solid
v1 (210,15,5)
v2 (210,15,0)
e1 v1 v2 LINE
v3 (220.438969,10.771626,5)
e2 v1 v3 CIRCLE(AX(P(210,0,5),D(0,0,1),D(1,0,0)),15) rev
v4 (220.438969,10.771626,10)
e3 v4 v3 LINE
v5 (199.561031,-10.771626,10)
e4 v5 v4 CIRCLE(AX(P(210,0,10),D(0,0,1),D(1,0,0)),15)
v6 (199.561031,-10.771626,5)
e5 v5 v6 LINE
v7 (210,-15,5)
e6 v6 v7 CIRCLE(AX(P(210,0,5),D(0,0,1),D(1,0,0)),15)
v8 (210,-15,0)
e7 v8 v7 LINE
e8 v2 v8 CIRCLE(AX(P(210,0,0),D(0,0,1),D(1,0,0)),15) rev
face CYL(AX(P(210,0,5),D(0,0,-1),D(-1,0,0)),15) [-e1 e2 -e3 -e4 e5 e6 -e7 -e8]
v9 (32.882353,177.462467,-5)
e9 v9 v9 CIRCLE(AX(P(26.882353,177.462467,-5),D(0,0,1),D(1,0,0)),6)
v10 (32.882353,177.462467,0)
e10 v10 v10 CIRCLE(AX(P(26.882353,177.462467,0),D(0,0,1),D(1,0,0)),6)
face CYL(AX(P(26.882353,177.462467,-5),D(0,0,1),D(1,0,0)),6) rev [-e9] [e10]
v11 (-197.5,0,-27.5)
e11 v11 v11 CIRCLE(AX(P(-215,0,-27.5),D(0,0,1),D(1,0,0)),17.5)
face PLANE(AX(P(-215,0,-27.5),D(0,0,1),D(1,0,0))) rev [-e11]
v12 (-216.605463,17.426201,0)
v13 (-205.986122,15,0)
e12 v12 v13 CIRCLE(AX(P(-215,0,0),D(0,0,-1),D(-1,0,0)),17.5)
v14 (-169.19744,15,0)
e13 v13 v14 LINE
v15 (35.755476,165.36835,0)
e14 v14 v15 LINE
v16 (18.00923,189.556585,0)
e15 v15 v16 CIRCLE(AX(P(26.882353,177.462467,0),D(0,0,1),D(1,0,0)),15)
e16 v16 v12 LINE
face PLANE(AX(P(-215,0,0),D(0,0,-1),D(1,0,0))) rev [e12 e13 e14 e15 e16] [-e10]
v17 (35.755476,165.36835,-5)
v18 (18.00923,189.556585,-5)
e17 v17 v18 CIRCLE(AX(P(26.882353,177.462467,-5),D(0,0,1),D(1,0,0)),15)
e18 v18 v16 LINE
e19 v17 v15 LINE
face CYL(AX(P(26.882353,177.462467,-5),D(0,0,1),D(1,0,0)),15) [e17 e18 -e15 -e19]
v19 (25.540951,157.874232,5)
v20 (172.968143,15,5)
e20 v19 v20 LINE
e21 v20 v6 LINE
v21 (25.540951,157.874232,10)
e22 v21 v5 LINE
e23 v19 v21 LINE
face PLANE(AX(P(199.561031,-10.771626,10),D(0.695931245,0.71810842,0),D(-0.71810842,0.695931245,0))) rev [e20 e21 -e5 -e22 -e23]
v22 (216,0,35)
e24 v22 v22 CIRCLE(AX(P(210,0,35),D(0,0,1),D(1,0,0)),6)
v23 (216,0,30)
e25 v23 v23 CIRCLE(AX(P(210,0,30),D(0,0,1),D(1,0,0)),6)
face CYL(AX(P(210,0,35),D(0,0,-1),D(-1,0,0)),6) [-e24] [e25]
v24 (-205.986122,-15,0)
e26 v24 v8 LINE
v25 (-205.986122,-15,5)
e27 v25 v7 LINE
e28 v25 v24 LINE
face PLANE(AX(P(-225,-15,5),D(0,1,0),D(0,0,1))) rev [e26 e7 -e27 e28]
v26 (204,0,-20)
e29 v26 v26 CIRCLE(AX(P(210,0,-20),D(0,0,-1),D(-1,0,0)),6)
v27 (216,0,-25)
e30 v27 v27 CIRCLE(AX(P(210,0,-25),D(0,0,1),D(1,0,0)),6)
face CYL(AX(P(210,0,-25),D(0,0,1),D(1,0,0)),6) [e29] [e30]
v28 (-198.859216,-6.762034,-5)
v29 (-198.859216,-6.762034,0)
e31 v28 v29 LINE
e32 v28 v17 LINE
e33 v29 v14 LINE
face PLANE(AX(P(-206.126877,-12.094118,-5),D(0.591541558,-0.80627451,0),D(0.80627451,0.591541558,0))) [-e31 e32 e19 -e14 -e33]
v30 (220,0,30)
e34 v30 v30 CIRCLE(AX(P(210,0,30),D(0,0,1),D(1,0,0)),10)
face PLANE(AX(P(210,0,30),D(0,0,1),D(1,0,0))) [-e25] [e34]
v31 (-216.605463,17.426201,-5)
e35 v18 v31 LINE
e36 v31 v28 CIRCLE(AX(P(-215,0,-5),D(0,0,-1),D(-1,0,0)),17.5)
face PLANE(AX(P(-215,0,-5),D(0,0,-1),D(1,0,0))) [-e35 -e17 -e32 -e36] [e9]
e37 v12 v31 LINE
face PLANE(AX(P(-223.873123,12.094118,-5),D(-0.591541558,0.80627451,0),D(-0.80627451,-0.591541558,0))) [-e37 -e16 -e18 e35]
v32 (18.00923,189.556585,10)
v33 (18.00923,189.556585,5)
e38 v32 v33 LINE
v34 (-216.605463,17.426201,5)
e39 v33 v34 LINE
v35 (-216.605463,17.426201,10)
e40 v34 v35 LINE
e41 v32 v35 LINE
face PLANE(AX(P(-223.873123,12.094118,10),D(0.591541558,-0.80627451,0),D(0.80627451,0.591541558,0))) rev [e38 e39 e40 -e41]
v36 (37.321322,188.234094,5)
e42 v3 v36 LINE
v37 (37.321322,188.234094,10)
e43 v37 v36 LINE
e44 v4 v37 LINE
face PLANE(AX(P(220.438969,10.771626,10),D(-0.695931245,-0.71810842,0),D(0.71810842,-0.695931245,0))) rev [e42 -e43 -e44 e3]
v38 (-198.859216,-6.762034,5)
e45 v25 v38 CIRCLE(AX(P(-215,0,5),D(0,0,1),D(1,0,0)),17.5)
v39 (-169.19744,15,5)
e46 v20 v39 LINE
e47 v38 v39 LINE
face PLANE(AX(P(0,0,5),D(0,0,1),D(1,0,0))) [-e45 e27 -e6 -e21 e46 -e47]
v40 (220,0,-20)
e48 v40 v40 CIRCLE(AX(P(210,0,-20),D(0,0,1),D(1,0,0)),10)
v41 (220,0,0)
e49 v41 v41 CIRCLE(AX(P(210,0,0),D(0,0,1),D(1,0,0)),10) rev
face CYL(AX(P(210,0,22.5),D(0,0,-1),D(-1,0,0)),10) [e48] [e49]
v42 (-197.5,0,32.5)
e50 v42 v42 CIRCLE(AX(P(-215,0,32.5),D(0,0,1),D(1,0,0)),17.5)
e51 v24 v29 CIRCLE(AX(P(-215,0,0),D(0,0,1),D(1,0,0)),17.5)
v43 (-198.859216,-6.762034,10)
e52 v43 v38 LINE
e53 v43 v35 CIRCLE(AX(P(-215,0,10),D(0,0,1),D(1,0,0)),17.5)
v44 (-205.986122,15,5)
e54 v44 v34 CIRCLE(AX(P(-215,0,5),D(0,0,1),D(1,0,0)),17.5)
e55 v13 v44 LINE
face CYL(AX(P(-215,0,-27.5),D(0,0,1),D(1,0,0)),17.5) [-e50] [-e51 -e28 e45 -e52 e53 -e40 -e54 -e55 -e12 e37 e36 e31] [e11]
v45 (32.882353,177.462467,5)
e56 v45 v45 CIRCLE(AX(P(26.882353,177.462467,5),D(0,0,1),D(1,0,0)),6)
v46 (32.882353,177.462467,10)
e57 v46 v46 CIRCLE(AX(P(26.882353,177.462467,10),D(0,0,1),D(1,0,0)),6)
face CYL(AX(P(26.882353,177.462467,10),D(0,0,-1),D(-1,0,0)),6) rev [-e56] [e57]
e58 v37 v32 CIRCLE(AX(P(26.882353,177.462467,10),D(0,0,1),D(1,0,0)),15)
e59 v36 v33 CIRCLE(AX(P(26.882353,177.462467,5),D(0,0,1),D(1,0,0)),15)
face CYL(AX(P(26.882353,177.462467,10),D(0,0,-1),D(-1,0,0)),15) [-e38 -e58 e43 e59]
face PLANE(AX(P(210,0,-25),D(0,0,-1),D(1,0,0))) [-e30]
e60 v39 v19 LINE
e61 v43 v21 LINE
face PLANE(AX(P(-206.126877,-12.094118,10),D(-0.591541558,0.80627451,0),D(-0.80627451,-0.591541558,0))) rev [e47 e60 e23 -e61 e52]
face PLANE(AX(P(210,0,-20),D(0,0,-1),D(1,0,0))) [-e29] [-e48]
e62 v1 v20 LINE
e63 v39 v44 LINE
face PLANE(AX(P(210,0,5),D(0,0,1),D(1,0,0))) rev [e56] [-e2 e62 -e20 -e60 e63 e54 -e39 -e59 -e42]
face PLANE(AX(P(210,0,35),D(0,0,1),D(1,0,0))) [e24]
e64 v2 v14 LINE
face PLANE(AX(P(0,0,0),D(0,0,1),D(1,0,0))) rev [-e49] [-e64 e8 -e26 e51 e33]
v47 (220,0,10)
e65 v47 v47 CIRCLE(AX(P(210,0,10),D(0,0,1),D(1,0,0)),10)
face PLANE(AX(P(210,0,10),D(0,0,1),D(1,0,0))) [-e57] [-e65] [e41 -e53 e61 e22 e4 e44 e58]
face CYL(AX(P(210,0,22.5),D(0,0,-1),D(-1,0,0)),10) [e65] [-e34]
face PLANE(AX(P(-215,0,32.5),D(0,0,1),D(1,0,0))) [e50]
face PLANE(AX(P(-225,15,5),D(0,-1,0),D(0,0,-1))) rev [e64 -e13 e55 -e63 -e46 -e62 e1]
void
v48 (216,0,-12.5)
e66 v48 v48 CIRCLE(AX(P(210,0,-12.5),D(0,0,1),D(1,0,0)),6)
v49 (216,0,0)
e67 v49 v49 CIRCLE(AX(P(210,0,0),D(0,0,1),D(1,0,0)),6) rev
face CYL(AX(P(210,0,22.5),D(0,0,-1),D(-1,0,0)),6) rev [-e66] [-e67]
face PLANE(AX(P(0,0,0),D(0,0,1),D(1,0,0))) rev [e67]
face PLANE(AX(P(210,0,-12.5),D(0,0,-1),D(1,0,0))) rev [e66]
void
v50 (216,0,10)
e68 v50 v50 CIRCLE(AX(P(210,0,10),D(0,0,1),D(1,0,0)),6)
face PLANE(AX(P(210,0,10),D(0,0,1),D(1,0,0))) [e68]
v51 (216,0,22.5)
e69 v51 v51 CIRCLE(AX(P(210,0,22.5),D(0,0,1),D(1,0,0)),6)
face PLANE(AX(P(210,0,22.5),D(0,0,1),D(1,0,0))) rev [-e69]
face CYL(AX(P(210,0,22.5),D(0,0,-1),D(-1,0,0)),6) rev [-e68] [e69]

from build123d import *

# Parameters (mm, degrees)
SKETCH_1_W      = 450
SKETCH_1_H      = 30
EXTRUDE_1_DEPTH = 5
FILLET_1_RADIUS = 15
FILLET_1_LENGTH = 5
FILLET_2_RADIUS = 15
FILLET_2_LENGTH = 5
SKETCH_2_R      = 10
SKETCH_2_R_2    = 6
EXTRUDE_2_DEPTH = 17.5
SKETCH_4_R      = 6
EXTRUDE_3_DEPTH = 5
SKETCH_5_R      = 6
EXTRUDE_4_DEPTH = 5
EXTRUDE_START   = 7.5
SKETCH_6_R      = 10
EXTRUDE_5_DEPTH = 7.5
SKETCH_7_R      = 6
EXTRUDE_6_DEPTH = 5
SKETCH_8_R      = 17.5
EXTRUDE_7_DEPTH = 30


with BuildPart() as part:
    # 草图1 → 凸台-拉伸1 (new body)
    with BuildSketch(Plane.XY):
        Rectangle(SKETCH_1_W, SKETCH_1_H)
    extrude(amount=EXTRUDE_1_DEPTH)

    # 圆角1: full round fillet: the end face becomes a half cylinder, R = half its width
    fillet_1_face = Plane((-225, 0, 2.5), x_dir=(0, 0, 1), z_dir=(-1, 0, 0))  # on the end face: x along it, z out of the body
    fillet_1_slab = fillet_1_face.offset(-FILLET_1_RADIUS / 2) * Box(FILLET_1_LENGTH, 2 * FILLET_1_RADIUS, FILLET_1_RADIUS, mode=Mode.PRIVATE)  # the body's end, R deep
    fillet_1_round = Plane((-210, 0, 2.5), x_dir=(-1, 0, 0), z_dir=(0, 0, 1)) * Cylinder(FILLET_1_RADIUS, FILLET_1_LENGTH, mode=Mode.PRIVATE)  # its axis R under the face
    add(fillet_1_slab - fillet_1_round, mode=Mode.SUBTRACT)

    # 圆角2: full round fillet: the end face becomes a half cylinder, R = half its width
    fillet_2_face = Plane((225, 0, 2.5), x_dir=(0, 0, -1), z_dir=(1, 0, 0))  # on the end face: x along it, z out of the body
    fillet_2_slab = fillet_2_face.offset(-FILLET_2_RADIUS / 2) * Box(FILLET_2_LENGTH, 2 * FILLET_2_RADIUS, FILLET_2_RADIUS, mode=Mode.PRIVATE)  # the body's end, R deep
    fillet_2_round = Plane((210, 0, 2.5), x_dir=(1, 0, 0), z_dir=(0, 0, -1)) * Cylinder(FILLET_2_RADIUS, FILLET_2_LENGTH, mode=Mode.PRIVATE)  # its axis R under the face
    add(fillet_2_slab - fillet_2_round, mode=Mode.SUBTRACT)

    # 草图2 → 凸台-拉伸2 (add, symmetric)
    # profile 1 of 2: a face of its own
    with BuildSketch(Plane.XY.offset(5)):
        with Locations(Location((-215, 0, 0), (0, 0, 180.000443811))):
            Circle(SKETCH_2_R)
        with Locations((-215, 0)):
            Circle(SKETCH_2_R_2, mode=Mode.SUBTRACT)
    # profile 2 of 2: a face of its own
    with BuildSketch(Plane.XY.offset(5)):
        with Locations((210, 0)):
            Circle(SKETCH_2_R)
        with Locations((210, 0)):
            Circle(SKETCH_2_R_2, mode=Mode.SUBTRACT)
    extrude(amount=EXTRUDE_2_DEPTH, both=True)

    # 草图4 → 凸台-拉伸3 (add)
    with BuildSketch(Plane.XY.offset(5)):
        with BuildLine():
            Line((199.561031329, -10.771626298), (16.443384271, 166.690841102))
            ThreePointArc((16.443384271, 166.690841102), (16.110726644, 187.90143607), (37.321321612, 188.234093697))
            Line((37.321321612, 188.234093697), (220.438968671, 10.771626298))
            ThreePointArc((220.438968671, 10.771626298), (220.771626298, -10.438968671), (199.561031329, -10.771626298))
        make_face()
        with Locations((26.882352941, 177.4624674)):
            Circle(SKETCH_4_R, mode=Mode.SUBTRACT)
    extrude(amount=EXTRUDE_3_DEPTH)

    # 草图5 → 凸台-拉伸4 (add)
    with BuildSketch(Plane.XY.offset(5)):
        with BuildLine():
            Line((-223.87312337, 12.094117647), (18.009229571, 189.556585047))
            ThreePointArc((18.009229571, 189.556585047), (38.976470588, 186.33559077), (35.755476311, 165.368349753))
            Line((35.755476311, 165.368349753), (-206.12687663, -12.094117647))
            ThreePointArc((-206.12687663, -12.094117647), (-227.094117647, -8.87312337), (-223.87312337, 12.094117647))
        make_face()
        with Locations((26.882352941, 177.4624674)):
            Circle(SKETCH_5_R, mode=Mode.SUBTRACT)
    extrude_4 = extrude(amount=EXTRUDE_4_DEPTH)

    # 镜向1: 凸台-拉伸4 across plane
    add(extrude_4.mirror(Plane.XY.offset(2.5)))

    # 草图6 → 凸台-拉伸5 (add)
    with BuildSketch(Plane.XY.offset(22.5).offset(EXTRUDE_START)):
        with Locations((210, 0)):
            Circle(SKETCH_6_R)
    extrude_5 = extrude(amount=-EXTRUDE_5_DEPTH)

    # 草图7 → 凸台-拉伸6 (add)
    with BuildSketch(Plane.XY.offset(30)):
        with Locations((210, 0)):
            Circle(SKETCH_7_R)
    extrude_6 = extrude(amount=EXTRUDE_6_DEPTH)

    # 镜向2: 凸台-拉伸5, 凸台-拉伸6 across plane
    add(extrude_5.mirror(Plane.XY.offset(5)))
    add(extrude_6.mirror(Plane.XY.offset(5)))

    # 草图8 → 凸台-拉伸7 (add, symmetric)
    with BuildSketch(Plane.XY.offset(2.5)):
        with Locations((-215, 0)):
            Circle(SKETCH_8_R)
    extrude(amount=EXTRUDE_7_DEPTH, both=True)


solid = part.part
